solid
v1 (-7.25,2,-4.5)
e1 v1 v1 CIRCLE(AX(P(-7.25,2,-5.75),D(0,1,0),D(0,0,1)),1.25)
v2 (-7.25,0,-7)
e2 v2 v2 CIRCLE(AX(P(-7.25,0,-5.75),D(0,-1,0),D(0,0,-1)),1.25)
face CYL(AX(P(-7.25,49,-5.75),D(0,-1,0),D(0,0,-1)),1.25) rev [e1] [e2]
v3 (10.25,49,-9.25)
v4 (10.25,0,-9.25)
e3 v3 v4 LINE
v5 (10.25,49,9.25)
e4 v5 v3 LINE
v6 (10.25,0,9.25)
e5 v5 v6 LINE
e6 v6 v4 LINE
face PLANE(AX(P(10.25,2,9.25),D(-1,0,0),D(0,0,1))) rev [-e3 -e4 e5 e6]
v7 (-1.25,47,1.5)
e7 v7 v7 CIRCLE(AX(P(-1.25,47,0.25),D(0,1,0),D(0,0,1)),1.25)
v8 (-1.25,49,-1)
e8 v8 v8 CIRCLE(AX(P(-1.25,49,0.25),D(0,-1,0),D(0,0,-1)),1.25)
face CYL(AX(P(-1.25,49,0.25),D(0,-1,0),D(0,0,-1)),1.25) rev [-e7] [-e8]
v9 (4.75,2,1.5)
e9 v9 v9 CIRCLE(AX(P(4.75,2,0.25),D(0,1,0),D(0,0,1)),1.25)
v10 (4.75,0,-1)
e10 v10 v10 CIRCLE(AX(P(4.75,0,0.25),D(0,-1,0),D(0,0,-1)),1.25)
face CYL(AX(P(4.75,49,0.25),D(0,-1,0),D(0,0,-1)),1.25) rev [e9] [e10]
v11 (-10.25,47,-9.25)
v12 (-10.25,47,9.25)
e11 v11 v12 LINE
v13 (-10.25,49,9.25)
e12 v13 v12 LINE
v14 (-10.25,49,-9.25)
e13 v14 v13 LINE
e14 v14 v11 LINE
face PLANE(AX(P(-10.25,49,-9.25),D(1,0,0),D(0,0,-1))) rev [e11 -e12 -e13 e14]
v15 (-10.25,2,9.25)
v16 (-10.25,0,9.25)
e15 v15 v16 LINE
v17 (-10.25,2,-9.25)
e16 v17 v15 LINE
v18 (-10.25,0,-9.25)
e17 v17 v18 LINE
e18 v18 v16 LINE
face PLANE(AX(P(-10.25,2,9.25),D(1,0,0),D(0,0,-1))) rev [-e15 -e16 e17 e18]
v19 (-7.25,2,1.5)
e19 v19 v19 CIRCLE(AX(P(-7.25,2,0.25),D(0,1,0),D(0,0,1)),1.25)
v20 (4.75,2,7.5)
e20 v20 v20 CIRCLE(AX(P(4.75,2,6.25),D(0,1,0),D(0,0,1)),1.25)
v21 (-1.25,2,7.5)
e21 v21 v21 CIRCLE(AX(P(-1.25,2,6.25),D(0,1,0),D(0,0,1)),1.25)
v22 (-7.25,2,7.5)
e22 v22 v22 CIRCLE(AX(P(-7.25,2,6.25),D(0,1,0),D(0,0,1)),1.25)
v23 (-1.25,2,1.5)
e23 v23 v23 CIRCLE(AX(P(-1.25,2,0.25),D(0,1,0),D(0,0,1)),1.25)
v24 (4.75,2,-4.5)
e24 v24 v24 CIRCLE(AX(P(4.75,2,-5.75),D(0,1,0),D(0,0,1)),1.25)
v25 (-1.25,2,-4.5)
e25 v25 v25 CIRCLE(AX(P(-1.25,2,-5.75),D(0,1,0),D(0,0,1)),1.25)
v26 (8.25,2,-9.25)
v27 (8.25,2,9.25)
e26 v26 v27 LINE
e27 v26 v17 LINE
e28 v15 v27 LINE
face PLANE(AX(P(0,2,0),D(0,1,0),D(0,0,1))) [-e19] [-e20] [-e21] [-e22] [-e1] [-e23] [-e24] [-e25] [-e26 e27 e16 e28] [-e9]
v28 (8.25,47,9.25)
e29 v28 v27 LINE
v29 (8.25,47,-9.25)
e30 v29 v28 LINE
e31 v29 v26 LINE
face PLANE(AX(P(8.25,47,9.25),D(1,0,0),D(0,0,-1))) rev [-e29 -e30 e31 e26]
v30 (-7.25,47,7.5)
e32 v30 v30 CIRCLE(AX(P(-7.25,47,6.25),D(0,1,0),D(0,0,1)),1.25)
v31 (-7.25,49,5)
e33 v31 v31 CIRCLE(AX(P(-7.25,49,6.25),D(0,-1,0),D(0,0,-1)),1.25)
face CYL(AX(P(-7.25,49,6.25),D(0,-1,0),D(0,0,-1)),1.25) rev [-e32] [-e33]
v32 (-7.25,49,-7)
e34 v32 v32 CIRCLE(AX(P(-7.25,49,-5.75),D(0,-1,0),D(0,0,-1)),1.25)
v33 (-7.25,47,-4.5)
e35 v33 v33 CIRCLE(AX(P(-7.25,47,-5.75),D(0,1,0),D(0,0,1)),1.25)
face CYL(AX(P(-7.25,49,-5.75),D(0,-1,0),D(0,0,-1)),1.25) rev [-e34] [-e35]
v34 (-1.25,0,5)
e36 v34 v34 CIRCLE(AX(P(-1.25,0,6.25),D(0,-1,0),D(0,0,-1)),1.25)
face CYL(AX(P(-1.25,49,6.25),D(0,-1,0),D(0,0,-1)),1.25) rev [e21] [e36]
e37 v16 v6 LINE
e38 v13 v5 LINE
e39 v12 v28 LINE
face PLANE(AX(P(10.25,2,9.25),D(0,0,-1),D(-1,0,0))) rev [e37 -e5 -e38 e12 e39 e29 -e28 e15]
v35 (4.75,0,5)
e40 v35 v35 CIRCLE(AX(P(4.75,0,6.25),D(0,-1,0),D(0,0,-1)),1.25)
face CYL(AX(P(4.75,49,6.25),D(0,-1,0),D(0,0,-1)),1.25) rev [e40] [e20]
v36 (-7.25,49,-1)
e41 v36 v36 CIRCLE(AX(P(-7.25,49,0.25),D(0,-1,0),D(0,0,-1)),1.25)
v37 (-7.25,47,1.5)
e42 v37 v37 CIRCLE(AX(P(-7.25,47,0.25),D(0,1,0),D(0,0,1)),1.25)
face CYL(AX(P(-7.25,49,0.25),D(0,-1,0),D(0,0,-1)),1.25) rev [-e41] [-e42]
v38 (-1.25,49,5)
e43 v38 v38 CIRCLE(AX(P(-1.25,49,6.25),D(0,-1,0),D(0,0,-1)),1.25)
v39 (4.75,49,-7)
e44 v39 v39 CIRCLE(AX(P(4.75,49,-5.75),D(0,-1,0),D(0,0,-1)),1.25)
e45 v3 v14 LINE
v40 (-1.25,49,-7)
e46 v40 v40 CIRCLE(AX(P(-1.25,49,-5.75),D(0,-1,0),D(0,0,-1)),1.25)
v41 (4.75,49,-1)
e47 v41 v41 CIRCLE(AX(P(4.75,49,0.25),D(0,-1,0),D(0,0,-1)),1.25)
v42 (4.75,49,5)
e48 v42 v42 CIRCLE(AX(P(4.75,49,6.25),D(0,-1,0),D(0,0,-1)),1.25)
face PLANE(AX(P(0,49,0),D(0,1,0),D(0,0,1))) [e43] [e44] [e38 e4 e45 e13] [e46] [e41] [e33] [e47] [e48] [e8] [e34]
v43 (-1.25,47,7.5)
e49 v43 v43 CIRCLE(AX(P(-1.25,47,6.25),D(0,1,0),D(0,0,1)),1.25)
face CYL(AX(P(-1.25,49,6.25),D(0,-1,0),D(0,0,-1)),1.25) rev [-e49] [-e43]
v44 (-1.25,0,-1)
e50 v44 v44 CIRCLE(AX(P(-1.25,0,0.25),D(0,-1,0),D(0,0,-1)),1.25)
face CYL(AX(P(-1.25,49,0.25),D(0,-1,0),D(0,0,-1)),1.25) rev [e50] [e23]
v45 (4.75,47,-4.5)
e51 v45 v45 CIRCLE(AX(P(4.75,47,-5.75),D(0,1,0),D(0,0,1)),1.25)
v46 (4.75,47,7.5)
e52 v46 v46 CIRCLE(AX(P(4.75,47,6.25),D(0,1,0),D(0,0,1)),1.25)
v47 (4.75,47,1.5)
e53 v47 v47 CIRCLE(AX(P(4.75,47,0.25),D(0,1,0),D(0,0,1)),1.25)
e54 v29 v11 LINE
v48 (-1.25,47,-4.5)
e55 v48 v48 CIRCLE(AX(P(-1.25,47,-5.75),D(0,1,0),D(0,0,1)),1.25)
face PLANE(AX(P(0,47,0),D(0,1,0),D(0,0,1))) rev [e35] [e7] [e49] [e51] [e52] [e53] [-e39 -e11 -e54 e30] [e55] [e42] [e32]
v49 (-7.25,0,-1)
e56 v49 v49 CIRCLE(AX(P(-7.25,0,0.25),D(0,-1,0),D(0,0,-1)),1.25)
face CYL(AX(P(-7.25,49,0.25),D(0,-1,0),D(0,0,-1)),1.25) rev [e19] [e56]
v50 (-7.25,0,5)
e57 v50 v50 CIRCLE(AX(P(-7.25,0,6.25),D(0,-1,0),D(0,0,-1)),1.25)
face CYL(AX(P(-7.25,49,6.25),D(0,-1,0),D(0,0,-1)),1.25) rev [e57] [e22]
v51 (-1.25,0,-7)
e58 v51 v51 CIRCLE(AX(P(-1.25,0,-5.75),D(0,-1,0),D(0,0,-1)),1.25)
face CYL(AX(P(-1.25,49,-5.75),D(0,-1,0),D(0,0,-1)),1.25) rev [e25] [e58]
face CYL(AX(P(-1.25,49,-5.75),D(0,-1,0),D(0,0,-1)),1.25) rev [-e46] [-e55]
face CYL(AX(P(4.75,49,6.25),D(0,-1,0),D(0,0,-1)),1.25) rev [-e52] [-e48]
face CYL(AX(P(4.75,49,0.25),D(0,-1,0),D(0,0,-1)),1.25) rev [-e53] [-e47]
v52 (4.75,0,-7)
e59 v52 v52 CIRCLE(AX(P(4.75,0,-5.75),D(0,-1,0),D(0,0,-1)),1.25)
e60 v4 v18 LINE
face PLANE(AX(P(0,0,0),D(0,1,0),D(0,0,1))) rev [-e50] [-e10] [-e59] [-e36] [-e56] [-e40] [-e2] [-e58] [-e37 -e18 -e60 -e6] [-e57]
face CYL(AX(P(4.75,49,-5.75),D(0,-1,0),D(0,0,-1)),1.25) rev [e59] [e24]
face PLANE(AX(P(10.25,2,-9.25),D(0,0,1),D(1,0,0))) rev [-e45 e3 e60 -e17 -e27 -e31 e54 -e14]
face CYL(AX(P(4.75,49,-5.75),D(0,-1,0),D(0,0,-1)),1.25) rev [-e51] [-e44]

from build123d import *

# Parameters (mm, degrees)
SKETCH1_W            = 20.5
SKETCH1_H            = 18.5
BOSS_EXTRUDE1_DEPTH  = 2
SKETCH2_W            = 2
SKETCH2_H            = 18.5
BOSS_EXTRUDE2_DEPTH  = 45
SKETCH4_W            = 20.5
SKETCH4_H            = 18.5
BOSS_EXTRUDE3_DEPTH  = 2
SKETCH3_R            = 1.25
CUT_EXTRUDE1_DEPTH   = 50
LPATTERN1_COUNT      = 3
LPATTERN1_PITCH      = 6
LPATTERN1_COUNT_DIR2 = 3
LPATTERN1_PITCH_DIR2 = 6


with BuildPart() as part:
    # Sketch1 → Boss-Extrude1 (new body)
    with BuildSketch(Plane(origin=(0, 0, 0), x_dir=(1, 0, 0), z_dir=(0, 1, 0))):
        Rectangle(SKETCH1_W, SKETCH1_H)
    extrude(amount=BOSS_EXTRUDE1_DEPTH)

    # Sketch2 → Boss-Extrude2 (add)
    with BuildSketch(Plane(origin=(0, 2, 0), x_dir=(1, 0, 0), z_dir=(0, 1, 0))):
        with Locations((9.25, 0)):
            Rectangle(SKETCH2_W, SKETCH2_H)
    extrude(amount=BOSS_EXTRUDE2_DEPTH)

    # Sketch4 → Boss-Extrude3 (add)
    with BuildSketch(Plane(origin=(0, 47, 0), x_dir=(1, 0, 0), z_dir=(0, 1, 0))):
        Rectangle(SKETCH4_W, SKETCH4_H)
    extrude(amount=BOSS_EXTRUDE3_DEPTH)

    # Sketch3 → Cut-Extrude1 (cut, through all)
    with BuildSketch(Plane.XZ):
        with Locations((-7.25, 6.25)):
            Circle(SKETCH3_R)
    cut_extrude1 = extrude(amount=-CUT_EXTRUDE1_DEPTH, mode=Mode.SUBTRACT)

    # LPattern1: Cut-Extrude1 3 × 3
    with Locations(*[(j * LPATTERN1_PITCH_DIR2, 0, -i * LPATTERN1_PITCH) for i in range(LPATTERN1_COUNT) for j in range(LPATTERN1_COUNT_DIR2) if (i, j) != (0, 0)]):
        add(cut_extrude1, mode=Mode.SUBTRACT)


solid = part.part
